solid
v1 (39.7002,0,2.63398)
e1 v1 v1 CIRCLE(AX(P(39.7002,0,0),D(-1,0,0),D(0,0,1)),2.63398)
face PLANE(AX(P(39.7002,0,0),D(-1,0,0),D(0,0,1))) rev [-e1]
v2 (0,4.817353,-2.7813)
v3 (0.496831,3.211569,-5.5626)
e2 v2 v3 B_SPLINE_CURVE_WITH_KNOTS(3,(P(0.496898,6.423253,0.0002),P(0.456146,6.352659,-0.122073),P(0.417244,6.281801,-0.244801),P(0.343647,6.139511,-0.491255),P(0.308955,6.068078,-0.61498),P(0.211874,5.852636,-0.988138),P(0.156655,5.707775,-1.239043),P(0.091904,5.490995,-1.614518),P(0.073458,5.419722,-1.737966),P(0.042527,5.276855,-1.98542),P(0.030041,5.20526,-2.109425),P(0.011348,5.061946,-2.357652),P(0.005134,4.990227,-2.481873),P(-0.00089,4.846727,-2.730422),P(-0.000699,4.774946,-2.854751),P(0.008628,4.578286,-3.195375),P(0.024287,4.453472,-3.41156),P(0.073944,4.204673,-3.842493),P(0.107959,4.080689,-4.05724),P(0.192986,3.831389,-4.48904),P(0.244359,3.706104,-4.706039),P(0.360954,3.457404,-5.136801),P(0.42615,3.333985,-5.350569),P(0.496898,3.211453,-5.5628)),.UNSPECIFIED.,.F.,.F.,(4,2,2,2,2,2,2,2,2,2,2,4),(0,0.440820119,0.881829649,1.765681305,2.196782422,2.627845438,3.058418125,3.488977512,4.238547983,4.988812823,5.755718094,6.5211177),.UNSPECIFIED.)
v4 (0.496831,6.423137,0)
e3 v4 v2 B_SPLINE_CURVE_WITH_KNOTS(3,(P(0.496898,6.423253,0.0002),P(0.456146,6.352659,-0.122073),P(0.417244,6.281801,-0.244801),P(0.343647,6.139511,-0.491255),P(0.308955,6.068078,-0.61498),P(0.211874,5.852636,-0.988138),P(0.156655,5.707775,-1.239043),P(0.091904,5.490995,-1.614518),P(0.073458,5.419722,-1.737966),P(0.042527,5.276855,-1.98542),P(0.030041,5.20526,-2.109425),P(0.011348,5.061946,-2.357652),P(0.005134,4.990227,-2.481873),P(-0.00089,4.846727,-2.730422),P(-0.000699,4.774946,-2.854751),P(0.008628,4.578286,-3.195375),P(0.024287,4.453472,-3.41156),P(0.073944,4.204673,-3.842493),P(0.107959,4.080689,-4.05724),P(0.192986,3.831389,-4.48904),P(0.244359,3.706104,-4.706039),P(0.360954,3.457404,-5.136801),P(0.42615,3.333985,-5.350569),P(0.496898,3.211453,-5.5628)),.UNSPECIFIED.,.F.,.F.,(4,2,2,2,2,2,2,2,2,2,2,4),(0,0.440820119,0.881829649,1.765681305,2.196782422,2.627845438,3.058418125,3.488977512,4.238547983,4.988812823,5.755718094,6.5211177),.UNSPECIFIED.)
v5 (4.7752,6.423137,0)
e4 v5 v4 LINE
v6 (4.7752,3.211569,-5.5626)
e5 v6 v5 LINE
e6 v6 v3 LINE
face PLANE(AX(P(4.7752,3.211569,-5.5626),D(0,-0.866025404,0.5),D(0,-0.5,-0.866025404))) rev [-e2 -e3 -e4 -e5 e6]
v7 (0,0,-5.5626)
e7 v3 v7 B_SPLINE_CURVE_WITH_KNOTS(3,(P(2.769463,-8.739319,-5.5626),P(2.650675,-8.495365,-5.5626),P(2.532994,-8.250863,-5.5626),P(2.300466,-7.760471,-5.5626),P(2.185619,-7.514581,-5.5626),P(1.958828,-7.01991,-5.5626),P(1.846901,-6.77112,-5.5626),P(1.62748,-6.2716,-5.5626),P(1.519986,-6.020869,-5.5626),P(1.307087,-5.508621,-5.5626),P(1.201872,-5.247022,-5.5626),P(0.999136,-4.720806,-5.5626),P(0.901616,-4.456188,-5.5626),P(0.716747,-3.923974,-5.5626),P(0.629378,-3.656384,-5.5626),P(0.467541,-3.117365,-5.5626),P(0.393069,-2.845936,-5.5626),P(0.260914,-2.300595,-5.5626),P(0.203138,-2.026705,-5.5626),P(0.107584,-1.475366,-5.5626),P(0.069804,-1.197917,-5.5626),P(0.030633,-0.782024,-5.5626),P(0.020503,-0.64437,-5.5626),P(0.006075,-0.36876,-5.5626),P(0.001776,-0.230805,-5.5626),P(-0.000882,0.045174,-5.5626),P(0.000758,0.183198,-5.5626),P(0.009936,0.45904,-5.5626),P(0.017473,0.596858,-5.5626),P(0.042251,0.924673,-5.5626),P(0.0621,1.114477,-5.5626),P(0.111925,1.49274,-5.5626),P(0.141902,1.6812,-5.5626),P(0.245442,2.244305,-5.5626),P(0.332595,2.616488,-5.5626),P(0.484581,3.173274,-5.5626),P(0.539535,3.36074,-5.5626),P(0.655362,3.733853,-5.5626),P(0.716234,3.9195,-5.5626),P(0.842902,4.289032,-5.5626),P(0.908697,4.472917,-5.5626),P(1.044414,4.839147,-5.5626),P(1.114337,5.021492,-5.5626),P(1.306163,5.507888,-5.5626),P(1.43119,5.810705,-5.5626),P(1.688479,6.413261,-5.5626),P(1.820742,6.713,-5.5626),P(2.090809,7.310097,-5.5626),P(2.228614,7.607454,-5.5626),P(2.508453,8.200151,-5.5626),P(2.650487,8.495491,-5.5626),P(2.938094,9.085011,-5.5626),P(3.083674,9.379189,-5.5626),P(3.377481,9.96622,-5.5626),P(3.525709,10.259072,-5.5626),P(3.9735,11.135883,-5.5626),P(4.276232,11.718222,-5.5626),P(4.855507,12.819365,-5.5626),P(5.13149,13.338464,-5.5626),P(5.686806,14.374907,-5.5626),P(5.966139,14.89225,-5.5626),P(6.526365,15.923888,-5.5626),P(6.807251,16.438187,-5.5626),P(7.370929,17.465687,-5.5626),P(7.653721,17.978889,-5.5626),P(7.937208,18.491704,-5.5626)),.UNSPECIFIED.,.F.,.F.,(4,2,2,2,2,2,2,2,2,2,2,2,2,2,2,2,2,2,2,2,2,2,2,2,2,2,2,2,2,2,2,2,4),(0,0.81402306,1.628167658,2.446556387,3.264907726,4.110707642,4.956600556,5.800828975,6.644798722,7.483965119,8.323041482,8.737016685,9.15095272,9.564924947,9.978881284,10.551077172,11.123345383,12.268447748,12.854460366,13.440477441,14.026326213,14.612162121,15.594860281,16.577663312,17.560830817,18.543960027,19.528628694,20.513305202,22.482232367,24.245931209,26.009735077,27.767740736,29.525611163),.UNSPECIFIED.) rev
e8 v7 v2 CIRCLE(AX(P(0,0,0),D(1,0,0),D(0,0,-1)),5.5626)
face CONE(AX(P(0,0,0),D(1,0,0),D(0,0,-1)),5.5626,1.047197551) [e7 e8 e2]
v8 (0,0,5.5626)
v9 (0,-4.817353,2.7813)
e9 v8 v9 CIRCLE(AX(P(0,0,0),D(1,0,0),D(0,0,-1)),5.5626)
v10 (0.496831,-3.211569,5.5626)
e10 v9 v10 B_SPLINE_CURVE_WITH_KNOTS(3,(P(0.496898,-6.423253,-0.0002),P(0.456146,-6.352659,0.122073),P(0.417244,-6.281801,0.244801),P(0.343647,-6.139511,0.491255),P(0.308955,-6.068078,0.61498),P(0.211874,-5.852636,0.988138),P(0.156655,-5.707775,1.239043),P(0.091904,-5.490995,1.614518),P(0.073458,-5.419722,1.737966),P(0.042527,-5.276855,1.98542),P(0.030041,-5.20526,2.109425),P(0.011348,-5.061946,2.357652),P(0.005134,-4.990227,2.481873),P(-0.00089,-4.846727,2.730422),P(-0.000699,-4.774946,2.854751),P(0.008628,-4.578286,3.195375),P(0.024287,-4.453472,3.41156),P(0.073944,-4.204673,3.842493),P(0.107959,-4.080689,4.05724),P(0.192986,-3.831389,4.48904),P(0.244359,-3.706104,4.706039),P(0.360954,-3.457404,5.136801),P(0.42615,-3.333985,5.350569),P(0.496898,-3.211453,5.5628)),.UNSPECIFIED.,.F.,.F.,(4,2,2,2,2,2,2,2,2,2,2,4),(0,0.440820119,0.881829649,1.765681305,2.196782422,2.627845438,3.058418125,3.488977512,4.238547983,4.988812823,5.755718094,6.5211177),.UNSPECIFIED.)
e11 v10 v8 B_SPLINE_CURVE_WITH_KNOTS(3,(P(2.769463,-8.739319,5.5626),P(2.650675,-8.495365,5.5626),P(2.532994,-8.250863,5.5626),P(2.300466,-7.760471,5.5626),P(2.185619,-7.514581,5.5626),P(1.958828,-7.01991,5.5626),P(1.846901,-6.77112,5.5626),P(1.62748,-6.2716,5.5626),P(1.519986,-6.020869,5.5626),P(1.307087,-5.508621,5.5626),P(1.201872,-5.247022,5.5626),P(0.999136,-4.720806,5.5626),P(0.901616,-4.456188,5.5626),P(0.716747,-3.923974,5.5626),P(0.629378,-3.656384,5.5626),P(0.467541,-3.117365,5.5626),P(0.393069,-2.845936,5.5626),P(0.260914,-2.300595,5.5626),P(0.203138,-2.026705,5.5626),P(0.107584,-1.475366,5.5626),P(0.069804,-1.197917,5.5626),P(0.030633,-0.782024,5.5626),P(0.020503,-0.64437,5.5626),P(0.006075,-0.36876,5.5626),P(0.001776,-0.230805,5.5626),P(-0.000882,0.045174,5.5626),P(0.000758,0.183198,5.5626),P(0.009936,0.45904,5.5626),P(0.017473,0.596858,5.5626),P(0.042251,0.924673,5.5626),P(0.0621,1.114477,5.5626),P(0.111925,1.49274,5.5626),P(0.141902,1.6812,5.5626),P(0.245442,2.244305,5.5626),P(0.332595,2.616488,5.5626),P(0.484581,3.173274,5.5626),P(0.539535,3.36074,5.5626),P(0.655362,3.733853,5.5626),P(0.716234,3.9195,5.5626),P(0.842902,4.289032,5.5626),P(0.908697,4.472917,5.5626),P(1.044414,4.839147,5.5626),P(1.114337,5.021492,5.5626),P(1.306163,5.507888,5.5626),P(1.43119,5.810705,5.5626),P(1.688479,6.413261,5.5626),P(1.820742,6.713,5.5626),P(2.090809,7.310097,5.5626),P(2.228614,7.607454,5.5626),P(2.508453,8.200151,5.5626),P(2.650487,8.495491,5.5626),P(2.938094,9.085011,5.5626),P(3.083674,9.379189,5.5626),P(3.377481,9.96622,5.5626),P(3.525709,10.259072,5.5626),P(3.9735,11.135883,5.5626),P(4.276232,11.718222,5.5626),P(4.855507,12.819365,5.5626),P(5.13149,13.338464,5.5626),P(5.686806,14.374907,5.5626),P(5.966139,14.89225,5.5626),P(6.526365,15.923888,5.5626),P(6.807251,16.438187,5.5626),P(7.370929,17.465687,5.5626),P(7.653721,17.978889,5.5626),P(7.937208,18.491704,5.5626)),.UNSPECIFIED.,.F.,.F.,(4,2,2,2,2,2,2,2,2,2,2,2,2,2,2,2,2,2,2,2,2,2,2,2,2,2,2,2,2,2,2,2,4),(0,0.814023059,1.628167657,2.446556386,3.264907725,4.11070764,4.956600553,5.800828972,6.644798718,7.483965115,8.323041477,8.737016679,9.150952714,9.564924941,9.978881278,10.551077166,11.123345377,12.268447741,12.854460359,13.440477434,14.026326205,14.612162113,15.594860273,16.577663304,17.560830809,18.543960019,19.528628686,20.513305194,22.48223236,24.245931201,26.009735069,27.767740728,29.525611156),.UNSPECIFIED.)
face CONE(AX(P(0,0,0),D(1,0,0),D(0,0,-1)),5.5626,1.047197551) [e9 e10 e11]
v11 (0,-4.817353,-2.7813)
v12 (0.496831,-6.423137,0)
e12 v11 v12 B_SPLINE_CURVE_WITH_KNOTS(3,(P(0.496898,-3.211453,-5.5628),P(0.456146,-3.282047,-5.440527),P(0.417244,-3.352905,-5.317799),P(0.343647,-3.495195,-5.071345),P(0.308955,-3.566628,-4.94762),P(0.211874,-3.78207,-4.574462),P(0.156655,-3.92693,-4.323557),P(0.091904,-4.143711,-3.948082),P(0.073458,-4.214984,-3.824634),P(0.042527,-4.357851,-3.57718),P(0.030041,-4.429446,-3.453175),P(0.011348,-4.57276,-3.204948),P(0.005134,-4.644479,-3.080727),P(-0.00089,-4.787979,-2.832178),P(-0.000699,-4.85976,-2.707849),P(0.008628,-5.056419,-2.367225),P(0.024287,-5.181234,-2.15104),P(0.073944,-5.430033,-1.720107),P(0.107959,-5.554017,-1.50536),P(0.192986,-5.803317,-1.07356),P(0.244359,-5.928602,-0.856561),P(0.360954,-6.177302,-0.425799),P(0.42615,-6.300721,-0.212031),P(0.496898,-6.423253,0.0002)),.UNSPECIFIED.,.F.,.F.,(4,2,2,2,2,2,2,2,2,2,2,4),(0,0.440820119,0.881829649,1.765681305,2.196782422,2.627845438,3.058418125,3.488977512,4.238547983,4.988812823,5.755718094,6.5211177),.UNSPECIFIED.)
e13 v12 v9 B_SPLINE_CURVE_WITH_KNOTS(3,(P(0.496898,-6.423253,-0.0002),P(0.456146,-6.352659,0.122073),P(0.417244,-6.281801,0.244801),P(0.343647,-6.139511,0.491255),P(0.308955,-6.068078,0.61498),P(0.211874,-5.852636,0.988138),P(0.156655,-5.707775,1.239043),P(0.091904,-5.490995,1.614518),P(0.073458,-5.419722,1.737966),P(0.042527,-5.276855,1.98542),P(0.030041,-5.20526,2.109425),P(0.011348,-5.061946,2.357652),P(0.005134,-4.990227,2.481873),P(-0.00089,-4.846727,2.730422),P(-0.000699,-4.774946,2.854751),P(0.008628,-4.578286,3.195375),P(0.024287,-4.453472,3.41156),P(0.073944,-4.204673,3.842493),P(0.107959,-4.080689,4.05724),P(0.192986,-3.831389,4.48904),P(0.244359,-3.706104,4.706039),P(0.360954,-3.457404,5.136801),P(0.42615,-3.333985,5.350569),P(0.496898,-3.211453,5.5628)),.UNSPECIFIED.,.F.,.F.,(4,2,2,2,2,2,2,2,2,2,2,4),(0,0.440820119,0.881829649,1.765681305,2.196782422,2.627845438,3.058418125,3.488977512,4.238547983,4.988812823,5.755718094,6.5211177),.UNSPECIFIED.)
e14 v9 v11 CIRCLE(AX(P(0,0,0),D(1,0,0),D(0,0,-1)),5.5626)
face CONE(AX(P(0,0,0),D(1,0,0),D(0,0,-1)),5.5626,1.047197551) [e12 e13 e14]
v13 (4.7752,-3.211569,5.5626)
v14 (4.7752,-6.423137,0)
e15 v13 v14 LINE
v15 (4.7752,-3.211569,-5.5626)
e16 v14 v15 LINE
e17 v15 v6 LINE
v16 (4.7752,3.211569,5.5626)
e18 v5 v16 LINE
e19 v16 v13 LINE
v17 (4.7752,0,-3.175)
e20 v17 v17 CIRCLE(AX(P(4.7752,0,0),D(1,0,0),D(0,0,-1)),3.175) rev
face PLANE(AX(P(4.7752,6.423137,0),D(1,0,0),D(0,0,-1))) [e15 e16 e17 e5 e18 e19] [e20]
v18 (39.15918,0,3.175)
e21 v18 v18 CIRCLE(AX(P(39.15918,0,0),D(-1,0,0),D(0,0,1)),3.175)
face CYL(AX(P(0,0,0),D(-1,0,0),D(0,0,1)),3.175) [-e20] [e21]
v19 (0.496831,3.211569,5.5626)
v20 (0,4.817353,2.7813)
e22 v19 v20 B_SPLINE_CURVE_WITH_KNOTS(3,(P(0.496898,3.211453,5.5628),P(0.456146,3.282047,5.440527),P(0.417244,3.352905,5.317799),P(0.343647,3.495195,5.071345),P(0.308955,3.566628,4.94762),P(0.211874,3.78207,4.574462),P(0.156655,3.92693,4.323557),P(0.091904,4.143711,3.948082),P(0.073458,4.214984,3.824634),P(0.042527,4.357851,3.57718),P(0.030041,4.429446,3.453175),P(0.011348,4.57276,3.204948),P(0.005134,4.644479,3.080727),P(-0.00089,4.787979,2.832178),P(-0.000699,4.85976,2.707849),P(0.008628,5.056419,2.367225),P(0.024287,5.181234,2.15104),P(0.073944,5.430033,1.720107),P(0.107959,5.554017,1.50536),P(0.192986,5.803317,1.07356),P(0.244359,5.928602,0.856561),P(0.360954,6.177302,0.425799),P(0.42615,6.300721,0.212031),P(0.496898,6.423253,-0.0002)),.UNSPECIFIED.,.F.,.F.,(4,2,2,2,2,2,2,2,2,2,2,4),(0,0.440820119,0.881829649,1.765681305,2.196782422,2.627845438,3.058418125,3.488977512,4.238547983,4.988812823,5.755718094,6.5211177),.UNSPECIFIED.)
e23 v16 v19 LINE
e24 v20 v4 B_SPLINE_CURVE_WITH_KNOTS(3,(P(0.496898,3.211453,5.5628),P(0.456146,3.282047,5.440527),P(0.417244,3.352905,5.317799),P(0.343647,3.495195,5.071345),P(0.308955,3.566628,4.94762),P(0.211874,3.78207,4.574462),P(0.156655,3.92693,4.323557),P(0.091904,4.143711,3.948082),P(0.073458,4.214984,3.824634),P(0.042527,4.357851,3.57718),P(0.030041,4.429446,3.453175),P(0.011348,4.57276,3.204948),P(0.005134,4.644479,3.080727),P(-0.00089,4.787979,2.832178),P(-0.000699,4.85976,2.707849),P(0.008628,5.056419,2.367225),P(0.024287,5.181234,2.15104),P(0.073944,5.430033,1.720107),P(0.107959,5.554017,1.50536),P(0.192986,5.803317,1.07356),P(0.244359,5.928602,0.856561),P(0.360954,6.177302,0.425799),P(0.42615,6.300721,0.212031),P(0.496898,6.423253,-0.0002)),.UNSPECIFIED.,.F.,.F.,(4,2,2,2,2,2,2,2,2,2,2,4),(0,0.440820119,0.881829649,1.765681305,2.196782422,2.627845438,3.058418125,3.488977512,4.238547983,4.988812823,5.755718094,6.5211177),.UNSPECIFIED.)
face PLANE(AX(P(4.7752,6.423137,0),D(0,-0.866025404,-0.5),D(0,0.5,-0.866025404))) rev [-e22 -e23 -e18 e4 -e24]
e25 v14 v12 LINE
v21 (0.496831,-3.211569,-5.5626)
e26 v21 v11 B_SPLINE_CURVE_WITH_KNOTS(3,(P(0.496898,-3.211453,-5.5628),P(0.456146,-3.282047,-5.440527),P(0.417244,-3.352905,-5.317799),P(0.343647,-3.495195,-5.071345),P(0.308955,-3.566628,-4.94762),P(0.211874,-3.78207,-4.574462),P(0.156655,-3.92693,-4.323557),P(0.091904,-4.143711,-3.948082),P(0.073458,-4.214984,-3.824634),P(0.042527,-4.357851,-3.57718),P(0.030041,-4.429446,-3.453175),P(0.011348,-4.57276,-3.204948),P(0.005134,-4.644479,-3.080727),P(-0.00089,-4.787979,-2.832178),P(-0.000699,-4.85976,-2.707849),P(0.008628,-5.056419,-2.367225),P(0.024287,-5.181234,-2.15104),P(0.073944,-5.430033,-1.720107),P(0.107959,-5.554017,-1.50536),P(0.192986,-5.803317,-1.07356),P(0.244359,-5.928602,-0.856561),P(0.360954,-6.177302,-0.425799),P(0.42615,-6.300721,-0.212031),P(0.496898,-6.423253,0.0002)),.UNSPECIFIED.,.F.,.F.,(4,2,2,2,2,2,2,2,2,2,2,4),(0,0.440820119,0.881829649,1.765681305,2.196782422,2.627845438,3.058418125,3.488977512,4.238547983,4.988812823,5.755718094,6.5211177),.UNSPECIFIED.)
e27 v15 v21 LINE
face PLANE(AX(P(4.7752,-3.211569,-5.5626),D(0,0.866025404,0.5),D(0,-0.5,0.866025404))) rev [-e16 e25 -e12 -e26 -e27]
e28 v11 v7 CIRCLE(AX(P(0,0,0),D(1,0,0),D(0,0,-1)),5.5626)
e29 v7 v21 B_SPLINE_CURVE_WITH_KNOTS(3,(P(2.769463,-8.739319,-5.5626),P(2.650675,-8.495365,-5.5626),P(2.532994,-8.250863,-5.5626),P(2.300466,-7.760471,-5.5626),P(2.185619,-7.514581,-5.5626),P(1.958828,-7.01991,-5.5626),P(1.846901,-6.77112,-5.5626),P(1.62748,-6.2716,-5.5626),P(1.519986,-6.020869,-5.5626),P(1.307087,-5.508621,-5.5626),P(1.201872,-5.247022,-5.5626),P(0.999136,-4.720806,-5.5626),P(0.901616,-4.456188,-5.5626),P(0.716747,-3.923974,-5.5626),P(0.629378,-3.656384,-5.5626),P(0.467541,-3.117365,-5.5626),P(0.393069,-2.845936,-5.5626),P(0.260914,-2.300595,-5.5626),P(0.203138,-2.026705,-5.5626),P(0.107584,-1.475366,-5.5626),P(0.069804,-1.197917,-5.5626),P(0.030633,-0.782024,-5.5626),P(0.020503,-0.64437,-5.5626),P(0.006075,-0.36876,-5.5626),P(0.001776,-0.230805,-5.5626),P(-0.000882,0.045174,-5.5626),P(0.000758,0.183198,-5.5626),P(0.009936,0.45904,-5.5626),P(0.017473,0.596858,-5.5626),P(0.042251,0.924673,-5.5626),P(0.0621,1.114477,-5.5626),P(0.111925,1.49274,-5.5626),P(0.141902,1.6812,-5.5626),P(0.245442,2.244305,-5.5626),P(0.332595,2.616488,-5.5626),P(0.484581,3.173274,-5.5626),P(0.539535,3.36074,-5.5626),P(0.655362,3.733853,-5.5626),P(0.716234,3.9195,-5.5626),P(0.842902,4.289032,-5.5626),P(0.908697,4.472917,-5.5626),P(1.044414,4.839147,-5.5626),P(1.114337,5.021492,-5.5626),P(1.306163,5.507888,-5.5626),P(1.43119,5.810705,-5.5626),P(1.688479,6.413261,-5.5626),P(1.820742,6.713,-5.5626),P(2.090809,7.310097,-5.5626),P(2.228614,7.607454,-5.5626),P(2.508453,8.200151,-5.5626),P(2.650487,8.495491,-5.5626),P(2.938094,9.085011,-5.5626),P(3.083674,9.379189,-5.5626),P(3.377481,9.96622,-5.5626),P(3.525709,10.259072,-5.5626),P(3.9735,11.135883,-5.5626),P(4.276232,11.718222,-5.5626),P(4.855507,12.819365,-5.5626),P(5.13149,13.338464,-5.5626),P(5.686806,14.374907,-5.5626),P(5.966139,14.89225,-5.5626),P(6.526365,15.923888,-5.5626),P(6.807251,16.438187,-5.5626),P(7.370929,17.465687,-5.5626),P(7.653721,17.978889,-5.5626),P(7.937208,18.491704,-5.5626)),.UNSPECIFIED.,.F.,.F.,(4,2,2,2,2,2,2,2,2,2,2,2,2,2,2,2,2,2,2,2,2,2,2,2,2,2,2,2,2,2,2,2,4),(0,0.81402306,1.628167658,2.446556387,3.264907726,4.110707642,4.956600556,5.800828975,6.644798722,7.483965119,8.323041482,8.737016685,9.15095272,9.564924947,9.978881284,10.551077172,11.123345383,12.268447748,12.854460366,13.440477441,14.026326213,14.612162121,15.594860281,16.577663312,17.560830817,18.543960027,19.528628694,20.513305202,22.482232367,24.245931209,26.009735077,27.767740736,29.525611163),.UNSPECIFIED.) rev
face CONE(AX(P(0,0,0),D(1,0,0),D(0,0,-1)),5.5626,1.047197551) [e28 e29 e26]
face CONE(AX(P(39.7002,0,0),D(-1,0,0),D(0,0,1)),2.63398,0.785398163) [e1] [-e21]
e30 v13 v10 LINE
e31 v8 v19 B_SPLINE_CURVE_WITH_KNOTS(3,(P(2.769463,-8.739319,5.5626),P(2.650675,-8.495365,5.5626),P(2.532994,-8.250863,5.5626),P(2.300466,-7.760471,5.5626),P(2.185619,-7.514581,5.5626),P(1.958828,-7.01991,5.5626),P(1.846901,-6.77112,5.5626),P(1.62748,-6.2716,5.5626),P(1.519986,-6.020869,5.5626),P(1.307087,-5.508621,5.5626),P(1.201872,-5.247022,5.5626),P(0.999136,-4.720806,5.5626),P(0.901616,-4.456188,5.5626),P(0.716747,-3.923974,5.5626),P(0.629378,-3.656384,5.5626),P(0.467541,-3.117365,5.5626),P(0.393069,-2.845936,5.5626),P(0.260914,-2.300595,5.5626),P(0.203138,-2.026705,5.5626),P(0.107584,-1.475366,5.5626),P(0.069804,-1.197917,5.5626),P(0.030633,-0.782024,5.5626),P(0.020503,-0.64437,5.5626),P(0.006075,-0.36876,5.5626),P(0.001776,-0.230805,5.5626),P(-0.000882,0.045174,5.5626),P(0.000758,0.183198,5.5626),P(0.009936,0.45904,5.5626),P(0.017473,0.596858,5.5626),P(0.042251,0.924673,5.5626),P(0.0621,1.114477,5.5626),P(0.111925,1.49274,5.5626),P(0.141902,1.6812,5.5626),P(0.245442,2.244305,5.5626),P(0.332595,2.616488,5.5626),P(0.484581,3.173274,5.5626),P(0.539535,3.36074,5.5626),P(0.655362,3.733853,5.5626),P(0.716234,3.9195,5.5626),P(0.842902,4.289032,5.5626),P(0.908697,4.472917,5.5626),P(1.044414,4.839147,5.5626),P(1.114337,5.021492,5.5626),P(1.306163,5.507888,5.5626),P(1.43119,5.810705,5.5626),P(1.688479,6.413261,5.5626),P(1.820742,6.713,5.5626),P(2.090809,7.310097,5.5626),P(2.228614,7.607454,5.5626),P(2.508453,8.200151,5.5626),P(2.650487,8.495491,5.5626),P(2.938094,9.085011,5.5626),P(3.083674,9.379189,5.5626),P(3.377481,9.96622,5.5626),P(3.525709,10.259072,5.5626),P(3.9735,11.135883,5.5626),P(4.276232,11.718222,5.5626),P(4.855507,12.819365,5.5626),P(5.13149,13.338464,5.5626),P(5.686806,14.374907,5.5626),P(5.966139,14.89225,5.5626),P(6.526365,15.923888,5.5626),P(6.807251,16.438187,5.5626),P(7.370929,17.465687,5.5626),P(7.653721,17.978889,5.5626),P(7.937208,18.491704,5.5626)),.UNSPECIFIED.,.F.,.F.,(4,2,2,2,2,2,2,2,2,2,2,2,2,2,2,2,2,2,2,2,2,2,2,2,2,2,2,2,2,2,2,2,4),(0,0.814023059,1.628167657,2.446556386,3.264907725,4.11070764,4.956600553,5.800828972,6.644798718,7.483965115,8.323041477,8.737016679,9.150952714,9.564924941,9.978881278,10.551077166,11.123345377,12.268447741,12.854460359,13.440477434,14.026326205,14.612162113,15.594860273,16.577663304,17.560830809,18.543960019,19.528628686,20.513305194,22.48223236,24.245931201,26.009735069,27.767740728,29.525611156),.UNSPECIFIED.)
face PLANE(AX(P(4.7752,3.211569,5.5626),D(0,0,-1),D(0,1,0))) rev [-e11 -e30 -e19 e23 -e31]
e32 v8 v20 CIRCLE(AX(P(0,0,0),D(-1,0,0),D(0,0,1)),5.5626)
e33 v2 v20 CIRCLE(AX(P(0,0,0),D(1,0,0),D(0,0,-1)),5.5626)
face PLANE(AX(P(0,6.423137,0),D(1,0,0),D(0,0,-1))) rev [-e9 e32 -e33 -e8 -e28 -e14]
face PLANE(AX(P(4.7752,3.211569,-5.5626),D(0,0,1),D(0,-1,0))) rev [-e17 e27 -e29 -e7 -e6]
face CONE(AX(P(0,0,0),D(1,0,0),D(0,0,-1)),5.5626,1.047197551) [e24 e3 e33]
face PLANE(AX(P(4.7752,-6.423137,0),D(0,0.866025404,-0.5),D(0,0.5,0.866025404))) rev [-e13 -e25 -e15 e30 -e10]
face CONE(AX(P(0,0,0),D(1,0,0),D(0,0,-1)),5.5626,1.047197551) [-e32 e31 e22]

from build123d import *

# Parameters (mm, degrees)
BASEHEAD_DEPTH = 4.7752


with BuildPart() as part:
    # Sketch1 → BaseHead (new body)
    with BuildSketch(Plane(origin=(0, 0, 0), x_dir=(0, 0, -1), z_dir=(1, 0, 0))):
        Polygon((5.5626, 3.211568607), (5.5626, -3.211568607), (0, -6.423137215), (-5.5626, -3.211568607), (-5.5626, 3.211568607), (0, 6.423137215), align=None)
    extrude(amount=BASEHEAD_DEPTH)

    # BodySke → BaseBody (revolve)
    with BuildSketch(Plane.XY):
        Polygon((0, 0), (39.7002, 0), (39.7002, 2.63398), (39.15918, 3.175), (0, 3.175), align=None)
    revolve(axis=Axis((0, 0, 0), (1, 0, 0)))

    # Sketch3 → HeadChamfer (revolve, cut)
    with BuildSketch(Plane.XY):
        Polygon((0, 5.5626), (4.163005602, 12.773137215), (4.163005602, 19.123137215), (-12.7, 19.123137215), (-12.7, 5.5626), align=None)
    revolve(axis=Axis((0, 0, 0), (1, 0, 0)), mode=Mode.SUBTRACT)


solid = part.part
